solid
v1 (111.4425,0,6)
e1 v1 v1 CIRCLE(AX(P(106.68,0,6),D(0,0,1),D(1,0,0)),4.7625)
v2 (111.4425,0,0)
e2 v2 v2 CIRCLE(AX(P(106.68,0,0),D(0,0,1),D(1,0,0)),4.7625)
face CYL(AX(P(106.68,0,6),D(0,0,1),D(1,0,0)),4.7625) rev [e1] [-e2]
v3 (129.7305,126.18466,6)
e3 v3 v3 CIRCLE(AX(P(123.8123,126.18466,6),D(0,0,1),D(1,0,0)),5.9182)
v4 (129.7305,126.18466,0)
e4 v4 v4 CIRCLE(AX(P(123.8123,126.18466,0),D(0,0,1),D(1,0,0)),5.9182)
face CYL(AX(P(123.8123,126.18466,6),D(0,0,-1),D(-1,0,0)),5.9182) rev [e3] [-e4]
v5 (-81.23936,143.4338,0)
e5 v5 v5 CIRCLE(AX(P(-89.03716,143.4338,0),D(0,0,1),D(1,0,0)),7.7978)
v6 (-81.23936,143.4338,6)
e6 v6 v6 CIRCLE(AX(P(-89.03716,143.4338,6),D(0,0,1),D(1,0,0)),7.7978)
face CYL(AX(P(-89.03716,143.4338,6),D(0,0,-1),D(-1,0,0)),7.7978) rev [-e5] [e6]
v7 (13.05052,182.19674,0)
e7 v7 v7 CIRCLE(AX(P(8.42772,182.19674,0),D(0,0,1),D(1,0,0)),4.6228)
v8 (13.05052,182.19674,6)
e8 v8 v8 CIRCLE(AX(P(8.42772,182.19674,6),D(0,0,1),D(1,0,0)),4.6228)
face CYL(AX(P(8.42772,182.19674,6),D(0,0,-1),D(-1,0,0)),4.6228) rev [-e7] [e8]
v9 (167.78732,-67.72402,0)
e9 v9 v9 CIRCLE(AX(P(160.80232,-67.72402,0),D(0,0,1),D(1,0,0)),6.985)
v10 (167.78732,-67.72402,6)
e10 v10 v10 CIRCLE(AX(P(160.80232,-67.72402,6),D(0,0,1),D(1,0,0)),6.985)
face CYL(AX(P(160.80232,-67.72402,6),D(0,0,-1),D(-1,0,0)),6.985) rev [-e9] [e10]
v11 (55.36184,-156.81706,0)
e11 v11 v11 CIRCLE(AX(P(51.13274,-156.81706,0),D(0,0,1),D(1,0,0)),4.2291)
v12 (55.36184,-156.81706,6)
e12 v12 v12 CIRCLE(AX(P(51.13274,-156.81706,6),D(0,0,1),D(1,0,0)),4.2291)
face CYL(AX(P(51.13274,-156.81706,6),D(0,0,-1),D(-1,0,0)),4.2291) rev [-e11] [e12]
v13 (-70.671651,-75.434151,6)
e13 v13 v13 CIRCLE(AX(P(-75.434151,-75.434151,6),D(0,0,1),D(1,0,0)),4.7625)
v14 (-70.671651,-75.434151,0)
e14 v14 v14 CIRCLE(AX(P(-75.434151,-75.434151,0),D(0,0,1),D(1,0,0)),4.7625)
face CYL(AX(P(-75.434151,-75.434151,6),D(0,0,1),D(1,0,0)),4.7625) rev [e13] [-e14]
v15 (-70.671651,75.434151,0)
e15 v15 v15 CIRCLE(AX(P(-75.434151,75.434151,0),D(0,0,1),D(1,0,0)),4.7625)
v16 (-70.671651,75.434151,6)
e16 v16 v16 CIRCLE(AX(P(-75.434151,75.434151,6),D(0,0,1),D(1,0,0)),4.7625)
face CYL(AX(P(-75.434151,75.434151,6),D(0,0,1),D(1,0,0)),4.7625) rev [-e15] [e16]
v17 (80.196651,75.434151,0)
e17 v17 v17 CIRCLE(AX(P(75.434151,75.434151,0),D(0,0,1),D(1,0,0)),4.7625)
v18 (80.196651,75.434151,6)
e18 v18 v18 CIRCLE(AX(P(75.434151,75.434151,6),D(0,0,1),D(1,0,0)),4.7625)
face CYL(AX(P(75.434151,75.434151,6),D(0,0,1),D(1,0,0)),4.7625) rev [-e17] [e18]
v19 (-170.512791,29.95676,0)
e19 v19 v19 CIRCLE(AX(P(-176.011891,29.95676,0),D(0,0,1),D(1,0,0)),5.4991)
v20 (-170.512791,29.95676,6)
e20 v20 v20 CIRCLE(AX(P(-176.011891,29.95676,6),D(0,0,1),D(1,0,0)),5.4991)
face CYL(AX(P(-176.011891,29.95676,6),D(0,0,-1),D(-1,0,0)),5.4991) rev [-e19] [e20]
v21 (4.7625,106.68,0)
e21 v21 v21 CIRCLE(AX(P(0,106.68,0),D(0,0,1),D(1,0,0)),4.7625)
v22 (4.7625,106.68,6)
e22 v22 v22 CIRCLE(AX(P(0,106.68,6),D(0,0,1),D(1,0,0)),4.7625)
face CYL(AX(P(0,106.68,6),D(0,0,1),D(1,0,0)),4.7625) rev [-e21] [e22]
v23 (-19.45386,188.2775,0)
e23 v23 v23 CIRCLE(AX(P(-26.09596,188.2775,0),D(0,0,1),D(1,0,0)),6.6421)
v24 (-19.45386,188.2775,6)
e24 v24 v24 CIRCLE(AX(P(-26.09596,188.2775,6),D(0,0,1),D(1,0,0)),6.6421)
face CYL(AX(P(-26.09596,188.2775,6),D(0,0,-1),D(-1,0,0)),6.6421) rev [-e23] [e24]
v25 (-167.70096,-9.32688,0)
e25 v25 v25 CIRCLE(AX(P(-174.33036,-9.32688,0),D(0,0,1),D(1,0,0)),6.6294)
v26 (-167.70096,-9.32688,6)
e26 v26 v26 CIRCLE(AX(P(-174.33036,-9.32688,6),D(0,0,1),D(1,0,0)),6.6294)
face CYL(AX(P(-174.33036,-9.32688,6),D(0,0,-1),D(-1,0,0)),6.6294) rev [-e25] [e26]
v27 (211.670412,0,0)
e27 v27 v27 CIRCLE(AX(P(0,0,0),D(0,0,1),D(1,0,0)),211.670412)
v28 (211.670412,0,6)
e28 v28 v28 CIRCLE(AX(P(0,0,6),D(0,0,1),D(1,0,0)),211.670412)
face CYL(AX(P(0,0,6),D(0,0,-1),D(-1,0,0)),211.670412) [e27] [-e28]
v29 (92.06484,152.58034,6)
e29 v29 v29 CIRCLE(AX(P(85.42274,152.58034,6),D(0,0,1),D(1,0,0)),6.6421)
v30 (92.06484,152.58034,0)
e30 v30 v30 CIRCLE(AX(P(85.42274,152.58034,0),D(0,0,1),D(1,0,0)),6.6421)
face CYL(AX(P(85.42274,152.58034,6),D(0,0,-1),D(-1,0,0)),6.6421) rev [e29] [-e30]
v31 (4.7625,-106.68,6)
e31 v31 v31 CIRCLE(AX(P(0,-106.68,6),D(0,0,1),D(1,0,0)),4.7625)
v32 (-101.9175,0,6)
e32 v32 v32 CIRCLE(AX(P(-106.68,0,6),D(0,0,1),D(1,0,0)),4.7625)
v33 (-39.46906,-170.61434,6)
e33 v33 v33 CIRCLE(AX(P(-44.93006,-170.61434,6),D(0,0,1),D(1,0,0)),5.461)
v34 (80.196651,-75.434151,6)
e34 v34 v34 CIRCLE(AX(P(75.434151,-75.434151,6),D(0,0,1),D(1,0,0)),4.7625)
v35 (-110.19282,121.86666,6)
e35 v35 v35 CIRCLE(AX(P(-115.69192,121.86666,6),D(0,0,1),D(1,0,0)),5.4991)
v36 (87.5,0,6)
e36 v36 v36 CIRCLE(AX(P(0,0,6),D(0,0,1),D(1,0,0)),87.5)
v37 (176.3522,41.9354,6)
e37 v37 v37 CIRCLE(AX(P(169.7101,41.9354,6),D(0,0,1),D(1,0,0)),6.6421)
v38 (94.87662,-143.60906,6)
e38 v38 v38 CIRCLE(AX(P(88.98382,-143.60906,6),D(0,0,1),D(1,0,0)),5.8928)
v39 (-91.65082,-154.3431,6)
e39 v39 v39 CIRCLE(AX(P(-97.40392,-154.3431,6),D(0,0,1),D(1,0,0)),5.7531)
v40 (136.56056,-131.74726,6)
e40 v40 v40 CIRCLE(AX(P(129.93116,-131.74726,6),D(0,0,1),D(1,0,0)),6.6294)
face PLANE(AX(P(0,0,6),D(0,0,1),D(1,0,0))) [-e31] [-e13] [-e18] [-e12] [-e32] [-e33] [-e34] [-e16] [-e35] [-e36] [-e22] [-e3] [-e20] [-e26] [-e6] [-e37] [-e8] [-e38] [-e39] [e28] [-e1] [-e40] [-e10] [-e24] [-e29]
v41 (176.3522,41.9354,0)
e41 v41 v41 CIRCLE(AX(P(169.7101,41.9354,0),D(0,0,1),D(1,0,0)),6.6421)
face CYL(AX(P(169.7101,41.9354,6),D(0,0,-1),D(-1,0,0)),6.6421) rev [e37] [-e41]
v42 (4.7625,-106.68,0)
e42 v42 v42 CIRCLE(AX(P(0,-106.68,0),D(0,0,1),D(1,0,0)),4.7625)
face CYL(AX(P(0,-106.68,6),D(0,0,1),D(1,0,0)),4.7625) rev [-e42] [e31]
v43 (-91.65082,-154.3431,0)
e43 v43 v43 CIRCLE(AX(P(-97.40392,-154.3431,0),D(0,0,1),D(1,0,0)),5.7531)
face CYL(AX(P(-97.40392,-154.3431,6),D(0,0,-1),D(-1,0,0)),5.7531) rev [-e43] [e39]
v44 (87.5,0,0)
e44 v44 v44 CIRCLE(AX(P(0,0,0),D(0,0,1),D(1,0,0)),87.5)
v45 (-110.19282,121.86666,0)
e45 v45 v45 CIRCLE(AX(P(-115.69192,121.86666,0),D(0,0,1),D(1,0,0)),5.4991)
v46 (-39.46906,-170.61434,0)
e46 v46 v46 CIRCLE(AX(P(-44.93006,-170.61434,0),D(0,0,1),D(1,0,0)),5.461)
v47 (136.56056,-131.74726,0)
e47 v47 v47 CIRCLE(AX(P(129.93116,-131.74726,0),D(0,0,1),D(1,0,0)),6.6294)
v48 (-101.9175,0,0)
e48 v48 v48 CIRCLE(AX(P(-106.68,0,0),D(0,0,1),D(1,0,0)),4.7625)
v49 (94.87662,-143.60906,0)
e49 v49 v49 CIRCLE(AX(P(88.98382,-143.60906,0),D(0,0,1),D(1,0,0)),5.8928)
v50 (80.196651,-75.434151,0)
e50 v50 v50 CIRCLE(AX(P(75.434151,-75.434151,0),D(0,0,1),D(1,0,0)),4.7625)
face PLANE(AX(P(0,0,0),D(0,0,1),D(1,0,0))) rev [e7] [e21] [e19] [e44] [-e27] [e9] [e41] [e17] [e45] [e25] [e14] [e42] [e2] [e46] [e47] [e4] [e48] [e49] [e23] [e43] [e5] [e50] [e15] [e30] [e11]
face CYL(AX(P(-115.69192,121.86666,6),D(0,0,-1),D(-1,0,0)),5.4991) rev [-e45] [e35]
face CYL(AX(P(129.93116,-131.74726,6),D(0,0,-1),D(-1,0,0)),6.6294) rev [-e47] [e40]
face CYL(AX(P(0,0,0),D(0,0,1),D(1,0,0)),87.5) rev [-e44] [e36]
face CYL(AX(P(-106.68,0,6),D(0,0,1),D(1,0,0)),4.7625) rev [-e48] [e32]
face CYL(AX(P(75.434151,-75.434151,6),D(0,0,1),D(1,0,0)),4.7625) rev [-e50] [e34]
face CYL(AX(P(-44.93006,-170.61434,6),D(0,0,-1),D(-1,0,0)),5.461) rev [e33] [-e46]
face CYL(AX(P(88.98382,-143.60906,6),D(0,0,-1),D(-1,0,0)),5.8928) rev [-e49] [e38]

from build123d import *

# Parameters (mm, degrees)
SKETCH1_R                    = 211.670411635
SKETCH1_R_2                  = 6.985
SKETCH1_R_3                  = 6.6294
SKETCH1_R_4                  = 5.8928
SKETCH1_R_5                  = 4.2291
SKETCH1_R_6                  = 5.461
SKETCH1_R_7                  = 5.7531
SKETCH1_R_8                  = 5.4991
SKETCH1_R_9                  = 7.7978
SKETCH1_R_10                 = 6.6421
SKETCH1_R_11                 = 4.6228
SKETCH1_R_12                 = 5.9182
BOSS_EXTRUDE1_DEPTH          = 6
SKETCH2_R                    = 87.5
CUT_EXTRUDE1_DEPTH           = 300.4072917
F_3_8_0_375_DIAMETER_HOLE1_D = 9.525
CIRPATTERN1_COUNT            = 4


with BuildPart() as part:
    # Sketch1 → Boss-Extrude1 (new body)
    with BuildSketch(Plane.XY):
        Circle(SKETCH1_R)
        with Locations((160.80232, -67.72402)):
            Circle(SKETCH1_R_2, mode=Mode.SUBTRACT)
        with Locations((129.93116, -131.74726)):
            Circle(SKETCH1_R_3, mode=Mode.SUBTRACT)
        with Locations((88.98382, -143.60906)):
            Circle(SKETCH1_R_4, mode=Mode.SUBTRACT)
        with Locations((51.13274, -156.81706)):
            Circle(SKETCH1_R_5, mode=Mode.SUBTRACT)
        with Locations((-44.93006, -170.61434)):
            Circle(SKETCH1_R_6, mode=Mode.SUBTRACT)
        with Locations((-97.40392, -154.3431)):
            Circle(SKETCH1_R_7, mode=Mode.SUBTRACT)
        with Locations((-174.33036, -9.32688)):
            Circle(SKETCH1_R_3, mode=Mode.SUBTRACT)
        with Locations((-176.0118908, 29.95676)):
            Circle(SKETCH1_R_8, mode=Mode.SUBTRACT)
        with Locations((-89.03716, 143.4338)):
            Circle(SKETCH1_R_9, mode=Mode.SUBTRACT)
        with Locations((-26.09596, 188.2775)):
            Circle(SKETCH1_R_10, mode=Mode.SUBTRACT)
        with Locations((8.42772, 182.19674)):
            Circle(SKETCH1_R_11, mode=Mode.SUBTRACT)
        with Locations((85.42274, 152.58034)):
            Circle(SKETCH1_R_10, mode=Mode.SUBTRACT)
        with Locations((123.8123, 126.18466)):
            Circle(SKETCH1_R_12, mode=Mode.SUBTRACT)
        with Locations((169.7101, 41.9354)):
            Circle(SKETCH1_R_10, mode=Mode.SUBTRACT)
        with Locations((-115.69192, 121.86666)):
            Circle(SKETCH1_R_8, mode=Mode.SUBTRACT)
    extrude(amount=BOSS_EXTRUDE1_DEPTH)

    # Sketch2 → Cut-Extrude1 (cut, through all)
    with BuildSketch(Plane.XY.offset(6)):
        Circle(SKETCH2_R)
    extrude(amount=-CUT_EXTRUDE1_DEPTH, mode=Mode.SUBTRACT)

    # 3/8 (0.375) Diameter Hole1 (through all)
    with Locations(Plane(origin=(0, 106.68, 6), x_dir=(1, 0, 0), z_dir=(0, 0, 1))):
        with Locations((0, 0), (75.434151417, -31.245848583)):
            f_3_8_0_375_diameter_hole1 = Hole(F_3_8_0_375_DIAMETER_HOLE1_D / 2)

    # CirPattern1: 3/8 (0.375) Diameter Hole1 ×4 about axis
    cirpattern1_axis = Axis((0, 0, 0), (0, 0, 1))
    for i in range(1, CIRPATTERN1_COUNT):
        add(f_3_8_0_375_diameter_hole1.rotate(cirpattern1_axis, i * 360 / CIRPATTERN1_COUNT), mode=Mode.SUBTRACT)


solid = part.part
